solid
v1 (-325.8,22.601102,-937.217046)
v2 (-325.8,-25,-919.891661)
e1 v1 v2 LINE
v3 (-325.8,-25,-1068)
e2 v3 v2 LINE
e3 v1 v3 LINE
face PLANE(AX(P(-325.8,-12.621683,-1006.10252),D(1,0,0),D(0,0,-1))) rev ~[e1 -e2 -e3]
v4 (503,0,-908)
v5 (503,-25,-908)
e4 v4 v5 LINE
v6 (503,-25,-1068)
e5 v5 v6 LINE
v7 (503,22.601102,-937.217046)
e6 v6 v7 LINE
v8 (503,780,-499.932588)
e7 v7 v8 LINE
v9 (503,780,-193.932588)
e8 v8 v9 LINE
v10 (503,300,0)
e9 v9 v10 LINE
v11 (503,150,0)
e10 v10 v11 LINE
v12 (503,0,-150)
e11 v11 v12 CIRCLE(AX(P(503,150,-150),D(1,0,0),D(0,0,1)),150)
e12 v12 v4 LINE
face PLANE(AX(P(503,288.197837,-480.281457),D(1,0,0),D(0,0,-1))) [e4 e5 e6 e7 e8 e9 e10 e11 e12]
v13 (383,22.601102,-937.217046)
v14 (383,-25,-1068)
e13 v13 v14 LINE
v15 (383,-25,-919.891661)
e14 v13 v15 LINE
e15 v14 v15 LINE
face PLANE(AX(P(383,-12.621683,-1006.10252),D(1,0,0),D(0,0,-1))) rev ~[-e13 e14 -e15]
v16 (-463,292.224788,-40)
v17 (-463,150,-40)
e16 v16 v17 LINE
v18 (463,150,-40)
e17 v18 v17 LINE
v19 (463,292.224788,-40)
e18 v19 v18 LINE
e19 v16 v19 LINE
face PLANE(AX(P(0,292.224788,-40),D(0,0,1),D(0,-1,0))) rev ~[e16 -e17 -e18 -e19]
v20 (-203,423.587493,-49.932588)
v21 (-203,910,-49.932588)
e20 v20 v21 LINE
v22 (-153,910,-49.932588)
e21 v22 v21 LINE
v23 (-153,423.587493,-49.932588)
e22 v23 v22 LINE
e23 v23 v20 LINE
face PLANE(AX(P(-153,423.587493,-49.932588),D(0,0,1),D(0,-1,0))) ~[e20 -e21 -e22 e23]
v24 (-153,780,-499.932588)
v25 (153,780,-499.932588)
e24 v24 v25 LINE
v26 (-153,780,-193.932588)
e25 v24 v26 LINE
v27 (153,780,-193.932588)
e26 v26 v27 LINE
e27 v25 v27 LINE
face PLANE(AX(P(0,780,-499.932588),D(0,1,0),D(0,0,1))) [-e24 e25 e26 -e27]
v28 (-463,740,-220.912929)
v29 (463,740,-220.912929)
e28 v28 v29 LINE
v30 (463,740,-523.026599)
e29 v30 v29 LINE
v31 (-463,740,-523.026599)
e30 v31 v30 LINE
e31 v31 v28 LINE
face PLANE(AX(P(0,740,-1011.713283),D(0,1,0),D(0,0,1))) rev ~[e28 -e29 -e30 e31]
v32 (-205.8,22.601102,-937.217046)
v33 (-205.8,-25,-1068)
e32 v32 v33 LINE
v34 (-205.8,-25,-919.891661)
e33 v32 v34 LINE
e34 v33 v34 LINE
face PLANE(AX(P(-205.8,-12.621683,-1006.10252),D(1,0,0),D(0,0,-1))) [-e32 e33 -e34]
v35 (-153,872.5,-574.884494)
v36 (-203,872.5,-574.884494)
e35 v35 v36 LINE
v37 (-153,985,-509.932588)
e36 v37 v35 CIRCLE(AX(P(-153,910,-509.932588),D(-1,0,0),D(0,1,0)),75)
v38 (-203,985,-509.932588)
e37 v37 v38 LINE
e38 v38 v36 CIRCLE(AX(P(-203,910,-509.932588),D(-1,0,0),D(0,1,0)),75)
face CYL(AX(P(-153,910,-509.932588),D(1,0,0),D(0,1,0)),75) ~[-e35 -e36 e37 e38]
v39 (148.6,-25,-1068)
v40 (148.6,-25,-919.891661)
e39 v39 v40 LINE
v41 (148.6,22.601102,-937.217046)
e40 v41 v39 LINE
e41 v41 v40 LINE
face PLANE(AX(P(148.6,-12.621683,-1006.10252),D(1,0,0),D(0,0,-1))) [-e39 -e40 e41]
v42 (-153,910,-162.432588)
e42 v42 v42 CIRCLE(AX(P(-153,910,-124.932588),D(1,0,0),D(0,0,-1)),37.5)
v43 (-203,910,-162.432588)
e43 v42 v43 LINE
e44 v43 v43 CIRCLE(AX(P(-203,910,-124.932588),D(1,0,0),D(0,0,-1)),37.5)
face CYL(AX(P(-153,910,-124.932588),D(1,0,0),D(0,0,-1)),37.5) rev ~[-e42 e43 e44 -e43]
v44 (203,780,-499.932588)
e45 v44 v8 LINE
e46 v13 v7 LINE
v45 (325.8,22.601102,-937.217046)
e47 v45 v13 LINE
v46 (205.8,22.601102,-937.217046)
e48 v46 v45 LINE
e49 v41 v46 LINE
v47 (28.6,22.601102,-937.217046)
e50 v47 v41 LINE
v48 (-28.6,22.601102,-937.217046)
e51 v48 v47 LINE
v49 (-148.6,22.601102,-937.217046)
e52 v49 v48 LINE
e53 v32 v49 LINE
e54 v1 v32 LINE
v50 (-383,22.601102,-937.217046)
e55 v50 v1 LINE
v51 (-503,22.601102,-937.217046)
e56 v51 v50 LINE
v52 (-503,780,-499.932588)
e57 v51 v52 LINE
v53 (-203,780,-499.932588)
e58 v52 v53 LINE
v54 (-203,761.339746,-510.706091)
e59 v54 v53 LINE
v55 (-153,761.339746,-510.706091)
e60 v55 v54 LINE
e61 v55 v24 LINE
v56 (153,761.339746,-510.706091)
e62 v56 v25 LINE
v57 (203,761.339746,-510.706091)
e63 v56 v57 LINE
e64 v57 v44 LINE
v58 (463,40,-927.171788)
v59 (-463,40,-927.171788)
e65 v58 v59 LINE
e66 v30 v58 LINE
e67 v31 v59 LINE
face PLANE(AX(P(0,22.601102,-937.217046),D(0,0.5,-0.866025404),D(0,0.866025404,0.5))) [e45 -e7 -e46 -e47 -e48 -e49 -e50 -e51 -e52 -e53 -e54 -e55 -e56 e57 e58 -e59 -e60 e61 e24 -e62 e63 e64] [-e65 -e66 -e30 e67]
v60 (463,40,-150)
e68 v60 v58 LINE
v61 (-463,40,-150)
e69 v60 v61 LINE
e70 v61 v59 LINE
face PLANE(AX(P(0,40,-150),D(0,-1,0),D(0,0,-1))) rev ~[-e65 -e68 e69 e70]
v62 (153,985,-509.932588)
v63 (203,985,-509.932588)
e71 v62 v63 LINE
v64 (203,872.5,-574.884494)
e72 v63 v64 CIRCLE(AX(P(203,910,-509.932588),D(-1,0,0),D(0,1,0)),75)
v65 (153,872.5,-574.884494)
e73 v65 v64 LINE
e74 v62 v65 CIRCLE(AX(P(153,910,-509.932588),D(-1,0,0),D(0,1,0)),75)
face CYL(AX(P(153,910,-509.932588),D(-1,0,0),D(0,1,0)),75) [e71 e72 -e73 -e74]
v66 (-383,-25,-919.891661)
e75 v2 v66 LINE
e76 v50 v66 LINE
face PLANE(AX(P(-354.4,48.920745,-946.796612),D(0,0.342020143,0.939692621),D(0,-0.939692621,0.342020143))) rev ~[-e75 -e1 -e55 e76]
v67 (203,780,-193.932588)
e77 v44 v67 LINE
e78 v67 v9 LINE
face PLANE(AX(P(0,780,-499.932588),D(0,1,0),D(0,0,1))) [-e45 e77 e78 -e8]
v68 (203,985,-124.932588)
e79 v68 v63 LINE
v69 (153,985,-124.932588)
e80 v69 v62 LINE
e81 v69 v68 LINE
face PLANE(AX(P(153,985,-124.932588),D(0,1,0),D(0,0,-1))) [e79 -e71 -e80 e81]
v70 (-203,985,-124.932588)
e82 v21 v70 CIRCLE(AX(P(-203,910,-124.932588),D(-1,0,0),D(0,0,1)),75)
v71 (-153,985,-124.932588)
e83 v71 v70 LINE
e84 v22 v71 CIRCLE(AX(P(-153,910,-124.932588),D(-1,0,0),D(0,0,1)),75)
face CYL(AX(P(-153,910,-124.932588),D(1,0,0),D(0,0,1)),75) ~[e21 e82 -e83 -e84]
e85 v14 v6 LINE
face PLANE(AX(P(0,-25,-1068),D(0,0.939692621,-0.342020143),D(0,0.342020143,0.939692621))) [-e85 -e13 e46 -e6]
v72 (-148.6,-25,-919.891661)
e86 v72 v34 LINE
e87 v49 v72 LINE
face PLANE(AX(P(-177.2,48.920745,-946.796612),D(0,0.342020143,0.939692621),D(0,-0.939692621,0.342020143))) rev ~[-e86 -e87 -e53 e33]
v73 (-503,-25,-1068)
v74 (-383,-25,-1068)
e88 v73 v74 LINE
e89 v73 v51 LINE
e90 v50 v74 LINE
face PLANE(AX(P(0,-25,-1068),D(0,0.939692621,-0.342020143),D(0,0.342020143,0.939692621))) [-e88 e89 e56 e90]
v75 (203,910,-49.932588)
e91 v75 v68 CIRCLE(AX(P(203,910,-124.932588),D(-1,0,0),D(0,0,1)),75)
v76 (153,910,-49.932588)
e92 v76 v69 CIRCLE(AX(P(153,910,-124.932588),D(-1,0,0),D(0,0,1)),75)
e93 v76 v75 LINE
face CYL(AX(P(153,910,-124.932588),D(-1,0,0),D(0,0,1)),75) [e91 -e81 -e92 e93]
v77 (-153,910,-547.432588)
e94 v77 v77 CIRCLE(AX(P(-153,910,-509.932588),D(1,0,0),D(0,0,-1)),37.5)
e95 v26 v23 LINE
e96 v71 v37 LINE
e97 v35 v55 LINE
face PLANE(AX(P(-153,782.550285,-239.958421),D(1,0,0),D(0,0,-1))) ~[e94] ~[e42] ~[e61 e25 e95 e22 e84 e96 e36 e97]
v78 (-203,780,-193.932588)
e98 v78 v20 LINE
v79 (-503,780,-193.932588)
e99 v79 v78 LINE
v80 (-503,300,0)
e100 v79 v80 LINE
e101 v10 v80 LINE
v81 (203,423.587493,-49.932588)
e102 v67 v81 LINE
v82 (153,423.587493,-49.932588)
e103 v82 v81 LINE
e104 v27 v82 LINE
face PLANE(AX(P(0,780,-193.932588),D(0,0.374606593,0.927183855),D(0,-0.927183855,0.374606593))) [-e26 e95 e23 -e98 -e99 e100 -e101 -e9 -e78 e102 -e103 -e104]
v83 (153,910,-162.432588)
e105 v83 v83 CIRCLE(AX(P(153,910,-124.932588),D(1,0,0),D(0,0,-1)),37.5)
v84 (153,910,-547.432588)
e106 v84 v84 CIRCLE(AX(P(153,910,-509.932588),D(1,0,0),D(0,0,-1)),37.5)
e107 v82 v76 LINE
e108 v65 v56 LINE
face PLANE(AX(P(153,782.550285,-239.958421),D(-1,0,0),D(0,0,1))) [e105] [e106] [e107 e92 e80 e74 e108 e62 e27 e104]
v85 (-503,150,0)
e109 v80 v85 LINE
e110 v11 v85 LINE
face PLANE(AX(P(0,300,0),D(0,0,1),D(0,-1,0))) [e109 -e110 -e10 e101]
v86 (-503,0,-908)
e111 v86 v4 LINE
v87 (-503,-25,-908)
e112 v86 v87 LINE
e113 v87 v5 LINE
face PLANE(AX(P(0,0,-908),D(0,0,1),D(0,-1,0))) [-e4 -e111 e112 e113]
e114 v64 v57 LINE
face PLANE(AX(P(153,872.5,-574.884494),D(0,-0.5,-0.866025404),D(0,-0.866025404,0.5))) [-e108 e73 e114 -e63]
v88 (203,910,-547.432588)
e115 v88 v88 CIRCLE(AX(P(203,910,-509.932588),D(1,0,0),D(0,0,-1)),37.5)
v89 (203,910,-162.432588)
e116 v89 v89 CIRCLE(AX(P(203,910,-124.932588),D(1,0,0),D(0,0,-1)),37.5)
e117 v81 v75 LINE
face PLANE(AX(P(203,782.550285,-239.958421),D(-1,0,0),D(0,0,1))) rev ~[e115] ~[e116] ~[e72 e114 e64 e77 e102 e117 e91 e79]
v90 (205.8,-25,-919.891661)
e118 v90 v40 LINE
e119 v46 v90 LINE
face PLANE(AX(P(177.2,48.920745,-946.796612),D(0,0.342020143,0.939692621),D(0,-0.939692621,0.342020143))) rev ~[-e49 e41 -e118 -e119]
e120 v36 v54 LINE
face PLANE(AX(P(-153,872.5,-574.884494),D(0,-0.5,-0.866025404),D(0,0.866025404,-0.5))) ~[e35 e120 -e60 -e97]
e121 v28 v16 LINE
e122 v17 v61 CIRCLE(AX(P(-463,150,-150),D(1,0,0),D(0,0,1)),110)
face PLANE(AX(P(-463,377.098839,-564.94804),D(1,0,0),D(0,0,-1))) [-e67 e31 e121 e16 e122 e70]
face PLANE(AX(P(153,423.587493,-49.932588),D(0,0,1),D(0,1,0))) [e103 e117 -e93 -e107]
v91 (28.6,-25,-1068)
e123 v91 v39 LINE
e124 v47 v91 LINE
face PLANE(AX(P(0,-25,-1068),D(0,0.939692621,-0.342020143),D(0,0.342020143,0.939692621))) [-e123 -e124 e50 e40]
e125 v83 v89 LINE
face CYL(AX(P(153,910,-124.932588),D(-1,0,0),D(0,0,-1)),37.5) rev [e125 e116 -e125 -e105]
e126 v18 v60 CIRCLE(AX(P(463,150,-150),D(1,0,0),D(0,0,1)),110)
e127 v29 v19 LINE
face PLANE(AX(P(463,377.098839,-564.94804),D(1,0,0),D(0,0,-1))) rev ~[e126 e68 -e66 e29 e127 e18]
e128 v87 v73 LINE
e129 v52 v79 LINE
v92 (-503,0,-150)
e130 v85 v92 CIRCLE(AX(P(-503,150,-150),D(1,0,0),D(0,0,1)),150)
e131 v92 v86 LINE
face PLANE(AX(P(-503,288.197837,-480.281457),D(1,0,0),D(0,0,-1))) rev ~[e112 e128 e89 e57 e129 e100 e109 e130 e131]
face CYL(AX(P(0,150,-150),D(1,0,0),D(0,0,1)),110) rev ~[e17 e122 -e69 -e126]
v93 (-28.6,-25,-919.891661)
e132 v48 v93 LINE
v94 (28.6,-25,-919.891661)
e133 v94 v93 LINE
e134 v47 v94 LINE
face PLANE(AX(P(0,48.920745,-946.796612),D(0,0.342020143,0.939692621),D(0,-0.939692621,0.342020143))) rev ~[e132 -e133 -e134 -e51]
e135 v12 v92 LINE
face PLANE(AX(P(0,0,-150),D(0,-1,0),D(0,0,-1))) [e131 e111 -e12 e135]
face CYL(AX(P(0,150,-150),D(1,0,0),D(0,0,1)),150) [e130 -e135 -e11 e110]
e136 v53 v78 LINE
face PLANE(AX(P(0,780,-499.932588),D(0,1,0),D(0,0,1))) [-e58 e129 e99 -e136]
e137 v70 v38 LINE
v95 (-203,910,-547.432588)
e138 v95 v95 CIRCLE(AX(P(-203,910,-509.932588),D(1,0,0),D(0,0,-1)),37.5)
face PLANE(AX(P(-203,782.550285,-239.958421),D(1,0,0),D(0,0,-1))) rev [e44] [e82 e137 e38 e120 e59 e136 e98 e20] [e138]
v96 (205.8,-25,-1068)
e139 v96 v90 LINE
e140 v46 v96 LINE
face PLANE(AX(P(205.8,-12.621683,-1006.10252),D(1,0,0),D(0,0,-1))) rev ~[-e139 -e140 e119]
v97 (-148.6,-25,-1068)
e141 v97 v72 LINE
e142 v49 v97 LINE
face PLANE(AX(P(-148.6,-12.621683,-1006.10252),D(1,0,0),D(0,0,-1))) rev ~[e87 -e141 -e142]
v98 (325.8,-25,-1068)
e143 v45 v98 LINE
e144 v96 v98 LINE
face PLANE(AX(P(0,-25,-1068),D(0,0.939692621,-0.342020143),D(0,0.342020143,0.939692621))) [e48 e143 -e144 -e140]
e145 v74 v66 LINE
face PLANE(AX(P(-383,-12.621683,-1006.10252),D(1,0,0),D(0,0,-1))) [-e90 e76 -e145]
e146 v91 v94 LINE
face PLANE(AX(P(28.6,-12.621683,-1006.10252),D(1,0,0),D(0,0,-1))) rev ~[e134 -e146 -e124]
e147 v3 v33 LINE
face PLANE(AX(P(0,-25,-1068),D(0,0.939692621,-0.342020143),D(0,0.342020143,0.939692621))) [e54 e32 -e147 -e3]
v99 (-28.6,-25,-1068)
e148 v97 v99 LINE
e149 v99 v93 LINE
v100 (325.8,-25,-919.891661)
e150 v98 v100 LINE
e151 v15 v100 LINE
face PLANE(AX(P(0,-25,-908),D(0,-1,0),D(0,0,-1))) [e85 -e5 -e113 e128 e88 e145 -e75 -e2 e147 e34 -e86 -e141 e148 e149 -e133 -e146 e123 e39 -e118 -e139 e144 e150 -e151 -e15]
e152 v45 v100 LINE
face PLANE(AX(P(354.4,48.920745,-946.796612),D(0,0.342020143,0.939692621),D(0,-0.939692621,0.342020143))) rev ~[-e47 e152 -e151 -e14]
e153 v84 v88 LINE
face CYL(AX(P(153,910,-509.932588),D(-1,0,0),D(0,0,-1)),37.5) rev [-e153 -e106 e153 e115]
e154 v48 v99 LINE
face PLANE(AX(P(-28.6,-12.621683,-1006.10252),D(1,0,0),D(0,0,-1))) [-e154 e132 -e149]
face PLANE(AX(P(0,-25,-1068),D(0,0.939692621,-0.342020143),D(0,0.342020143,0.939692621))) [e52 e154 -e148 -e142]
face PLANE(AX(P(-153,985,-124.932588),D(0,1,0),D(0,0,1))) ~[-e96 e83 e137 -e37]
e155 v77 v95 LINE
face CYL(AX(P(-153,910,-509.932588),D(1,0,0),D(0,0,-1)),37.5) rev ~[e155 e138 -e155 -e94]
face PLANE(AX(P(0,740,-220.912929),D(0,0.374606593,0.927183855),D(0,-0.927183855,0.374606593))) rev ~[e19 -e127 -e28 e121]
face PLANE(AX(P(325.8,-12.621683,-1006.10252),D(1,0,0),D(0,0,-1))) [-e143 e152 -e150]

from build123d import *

# Parameters (mm, degrees)
BOSS_EXTRUDE1_DEPTH = 503
CUT_EXTRUDE1_DEPTH  = 463
CUT_EXTRUDE2_DEPTH  = 28.6
LPATTERN1_COUNT     = 3
LPATTERN1_PITCH     = 177.2
LPATTERN1_COL_COUNT = 3
LPATTERN1_COL_PITCH = 177.2
SKETCH5_R           = 37.5
BOSS_EXTRUDE2_DEPTH = 50


with BuildPart() as part:
    # Sketch1 → Boss-Extrude1 (new, symmetric)
    with BuildSketch(Plane(origin=(0, 0, 0), x_dir=(0, 0, -1), z_dir=(1, 0, 0))):
        with BuildLine():
            Line((150, 0), (908, 0))
            Line((908, 0), (908, -25))
            Line((908, -25), (1068, -25))
            Line((1068, -25), (937.217045761, 22.601102492))
            Line((937.217045761, 22.601102492), (499.932588401, 780))
            Line((499.932588401, 780), (193.932588401, 780))
            Line((193.932588401, 780), (0, 300))
            Line((0, 300), (0, 150))
            ThreePointArc((0, 150), (43.933982822, 43.933982822), (150, 0))
        make_face()
    extrude(amount=BOSS_EXTRUDE1_DEPTH, both=True)

    # Sketch2 → Cut-Extrude1 (cut, symmetric)
    with BuildSketch(Plane(origin=(0, 0, 0), x_dir=(0, 0, -1), z_dir=(1, 0, 0))):
        with BuildLine():
            Line((908, 40), (1011.713283141, 40))
            Line((1011.713283141, 40), (1011.713283141, 740))
            Line((1011.713283141, 740), (499.932588401, 740))
            Line((499.932588401, 740), (220.912929075, 740))
            Line((220.912929075, 740), (40, 292.224787634))
            Line((40, 292.224787634), (40, 150))
            ThreePointArc((40, 150), (72.218254069, 72.218254069), (150, 40))
            Line((150, 40), (908, 40))
        make_face()
    extrude(amount=CUT_EXTRUDE1_DEPTH, both=True, mode=Mode.SUBTRACT)

    # Sketch3 → Cut-Extrude2 (cut, symmetric)
    with BuildSketch(Plane(origin=(0, 0, 0), x_dir=(0, 0, -1), z_dir=(1, 0, 0))):
        Polygon((946.796612299, 48.920745244), (905.079735991, -65.695430422), (1089.944771032, -65.695430422), (1089.944771032, 48.920745244), align=None)
    cut_extrude2 = extrude(amount=CUT_EXTRUDE2_DEPTH, both=True, mode=Mode.SUBTRACT)

    # LPattern1: Cut-Extrude2 ×3
    with Locations(*[(i * LPATTERN1_PITCH, 0, 0) for i in range(1, LPATTERN1_COUNT)]):
        add(cut_extrude2, mode=Mode.SUBTRACT)

    # LPattern1 col: Cut-Extrude2 ×3
    with Locations(*[(-i * LPATTERN1_COL_PITCH, 0, 0) for i in range(1, LPATTERN1_COL_COUNT)]):
        add(cut_extrude2, mode=Mode.SUBTRACT)

    # Sketch5 → Boss-Extrude2 (add)
    with BuildSketch(Plane(origin=(153, 0, 0), x_dir=(0, 0, -1), z_dir=(1, 0, 0))):
        with BuildLine():
            Line((49.932588401, 423.587493108), (49.932588401, 910))
            ThreePointArc((49.932588401, 910), (71.899579812, 963.033008589), (124.932588401, 985))
            Line((124.932588401, 985), (509.932588401, 985))
            ThreePointArc((509.932588401, 985), (574.884493685, 947.5), (574.884493685, 872.5))
            Line((574.884493685, 872.5), (510.706091093, 761.339745962))
            Line((510.706091093, 761.339745962), (499.932588401, 780))
            Line((499.932588401, 780), (193.932588401, 780))
            Line((193.932588401, 780), (49.932588401, 423.587493108))
        make_face()
        with Locations((124.932588401, 910)):
            Circle(SKETCH5_R, mode=Mode.SUBTRACT)
        with Locations((509.932588401, 910)):
            Circle(SKETCH5_R, mode=Mode.SUBTRACT)
    boss_extrude2 = extrude(amount=BOSS_EXTRUDE2_DEPTH)

    # Mirror1: Boss-Extrude2 across plane
    add(boss_extrude2.mirror(Plane(origin=(0, 0, 0), x_dir=(0, 0, 1), z_dir=(1, 0, 0))))


solid = part.part
